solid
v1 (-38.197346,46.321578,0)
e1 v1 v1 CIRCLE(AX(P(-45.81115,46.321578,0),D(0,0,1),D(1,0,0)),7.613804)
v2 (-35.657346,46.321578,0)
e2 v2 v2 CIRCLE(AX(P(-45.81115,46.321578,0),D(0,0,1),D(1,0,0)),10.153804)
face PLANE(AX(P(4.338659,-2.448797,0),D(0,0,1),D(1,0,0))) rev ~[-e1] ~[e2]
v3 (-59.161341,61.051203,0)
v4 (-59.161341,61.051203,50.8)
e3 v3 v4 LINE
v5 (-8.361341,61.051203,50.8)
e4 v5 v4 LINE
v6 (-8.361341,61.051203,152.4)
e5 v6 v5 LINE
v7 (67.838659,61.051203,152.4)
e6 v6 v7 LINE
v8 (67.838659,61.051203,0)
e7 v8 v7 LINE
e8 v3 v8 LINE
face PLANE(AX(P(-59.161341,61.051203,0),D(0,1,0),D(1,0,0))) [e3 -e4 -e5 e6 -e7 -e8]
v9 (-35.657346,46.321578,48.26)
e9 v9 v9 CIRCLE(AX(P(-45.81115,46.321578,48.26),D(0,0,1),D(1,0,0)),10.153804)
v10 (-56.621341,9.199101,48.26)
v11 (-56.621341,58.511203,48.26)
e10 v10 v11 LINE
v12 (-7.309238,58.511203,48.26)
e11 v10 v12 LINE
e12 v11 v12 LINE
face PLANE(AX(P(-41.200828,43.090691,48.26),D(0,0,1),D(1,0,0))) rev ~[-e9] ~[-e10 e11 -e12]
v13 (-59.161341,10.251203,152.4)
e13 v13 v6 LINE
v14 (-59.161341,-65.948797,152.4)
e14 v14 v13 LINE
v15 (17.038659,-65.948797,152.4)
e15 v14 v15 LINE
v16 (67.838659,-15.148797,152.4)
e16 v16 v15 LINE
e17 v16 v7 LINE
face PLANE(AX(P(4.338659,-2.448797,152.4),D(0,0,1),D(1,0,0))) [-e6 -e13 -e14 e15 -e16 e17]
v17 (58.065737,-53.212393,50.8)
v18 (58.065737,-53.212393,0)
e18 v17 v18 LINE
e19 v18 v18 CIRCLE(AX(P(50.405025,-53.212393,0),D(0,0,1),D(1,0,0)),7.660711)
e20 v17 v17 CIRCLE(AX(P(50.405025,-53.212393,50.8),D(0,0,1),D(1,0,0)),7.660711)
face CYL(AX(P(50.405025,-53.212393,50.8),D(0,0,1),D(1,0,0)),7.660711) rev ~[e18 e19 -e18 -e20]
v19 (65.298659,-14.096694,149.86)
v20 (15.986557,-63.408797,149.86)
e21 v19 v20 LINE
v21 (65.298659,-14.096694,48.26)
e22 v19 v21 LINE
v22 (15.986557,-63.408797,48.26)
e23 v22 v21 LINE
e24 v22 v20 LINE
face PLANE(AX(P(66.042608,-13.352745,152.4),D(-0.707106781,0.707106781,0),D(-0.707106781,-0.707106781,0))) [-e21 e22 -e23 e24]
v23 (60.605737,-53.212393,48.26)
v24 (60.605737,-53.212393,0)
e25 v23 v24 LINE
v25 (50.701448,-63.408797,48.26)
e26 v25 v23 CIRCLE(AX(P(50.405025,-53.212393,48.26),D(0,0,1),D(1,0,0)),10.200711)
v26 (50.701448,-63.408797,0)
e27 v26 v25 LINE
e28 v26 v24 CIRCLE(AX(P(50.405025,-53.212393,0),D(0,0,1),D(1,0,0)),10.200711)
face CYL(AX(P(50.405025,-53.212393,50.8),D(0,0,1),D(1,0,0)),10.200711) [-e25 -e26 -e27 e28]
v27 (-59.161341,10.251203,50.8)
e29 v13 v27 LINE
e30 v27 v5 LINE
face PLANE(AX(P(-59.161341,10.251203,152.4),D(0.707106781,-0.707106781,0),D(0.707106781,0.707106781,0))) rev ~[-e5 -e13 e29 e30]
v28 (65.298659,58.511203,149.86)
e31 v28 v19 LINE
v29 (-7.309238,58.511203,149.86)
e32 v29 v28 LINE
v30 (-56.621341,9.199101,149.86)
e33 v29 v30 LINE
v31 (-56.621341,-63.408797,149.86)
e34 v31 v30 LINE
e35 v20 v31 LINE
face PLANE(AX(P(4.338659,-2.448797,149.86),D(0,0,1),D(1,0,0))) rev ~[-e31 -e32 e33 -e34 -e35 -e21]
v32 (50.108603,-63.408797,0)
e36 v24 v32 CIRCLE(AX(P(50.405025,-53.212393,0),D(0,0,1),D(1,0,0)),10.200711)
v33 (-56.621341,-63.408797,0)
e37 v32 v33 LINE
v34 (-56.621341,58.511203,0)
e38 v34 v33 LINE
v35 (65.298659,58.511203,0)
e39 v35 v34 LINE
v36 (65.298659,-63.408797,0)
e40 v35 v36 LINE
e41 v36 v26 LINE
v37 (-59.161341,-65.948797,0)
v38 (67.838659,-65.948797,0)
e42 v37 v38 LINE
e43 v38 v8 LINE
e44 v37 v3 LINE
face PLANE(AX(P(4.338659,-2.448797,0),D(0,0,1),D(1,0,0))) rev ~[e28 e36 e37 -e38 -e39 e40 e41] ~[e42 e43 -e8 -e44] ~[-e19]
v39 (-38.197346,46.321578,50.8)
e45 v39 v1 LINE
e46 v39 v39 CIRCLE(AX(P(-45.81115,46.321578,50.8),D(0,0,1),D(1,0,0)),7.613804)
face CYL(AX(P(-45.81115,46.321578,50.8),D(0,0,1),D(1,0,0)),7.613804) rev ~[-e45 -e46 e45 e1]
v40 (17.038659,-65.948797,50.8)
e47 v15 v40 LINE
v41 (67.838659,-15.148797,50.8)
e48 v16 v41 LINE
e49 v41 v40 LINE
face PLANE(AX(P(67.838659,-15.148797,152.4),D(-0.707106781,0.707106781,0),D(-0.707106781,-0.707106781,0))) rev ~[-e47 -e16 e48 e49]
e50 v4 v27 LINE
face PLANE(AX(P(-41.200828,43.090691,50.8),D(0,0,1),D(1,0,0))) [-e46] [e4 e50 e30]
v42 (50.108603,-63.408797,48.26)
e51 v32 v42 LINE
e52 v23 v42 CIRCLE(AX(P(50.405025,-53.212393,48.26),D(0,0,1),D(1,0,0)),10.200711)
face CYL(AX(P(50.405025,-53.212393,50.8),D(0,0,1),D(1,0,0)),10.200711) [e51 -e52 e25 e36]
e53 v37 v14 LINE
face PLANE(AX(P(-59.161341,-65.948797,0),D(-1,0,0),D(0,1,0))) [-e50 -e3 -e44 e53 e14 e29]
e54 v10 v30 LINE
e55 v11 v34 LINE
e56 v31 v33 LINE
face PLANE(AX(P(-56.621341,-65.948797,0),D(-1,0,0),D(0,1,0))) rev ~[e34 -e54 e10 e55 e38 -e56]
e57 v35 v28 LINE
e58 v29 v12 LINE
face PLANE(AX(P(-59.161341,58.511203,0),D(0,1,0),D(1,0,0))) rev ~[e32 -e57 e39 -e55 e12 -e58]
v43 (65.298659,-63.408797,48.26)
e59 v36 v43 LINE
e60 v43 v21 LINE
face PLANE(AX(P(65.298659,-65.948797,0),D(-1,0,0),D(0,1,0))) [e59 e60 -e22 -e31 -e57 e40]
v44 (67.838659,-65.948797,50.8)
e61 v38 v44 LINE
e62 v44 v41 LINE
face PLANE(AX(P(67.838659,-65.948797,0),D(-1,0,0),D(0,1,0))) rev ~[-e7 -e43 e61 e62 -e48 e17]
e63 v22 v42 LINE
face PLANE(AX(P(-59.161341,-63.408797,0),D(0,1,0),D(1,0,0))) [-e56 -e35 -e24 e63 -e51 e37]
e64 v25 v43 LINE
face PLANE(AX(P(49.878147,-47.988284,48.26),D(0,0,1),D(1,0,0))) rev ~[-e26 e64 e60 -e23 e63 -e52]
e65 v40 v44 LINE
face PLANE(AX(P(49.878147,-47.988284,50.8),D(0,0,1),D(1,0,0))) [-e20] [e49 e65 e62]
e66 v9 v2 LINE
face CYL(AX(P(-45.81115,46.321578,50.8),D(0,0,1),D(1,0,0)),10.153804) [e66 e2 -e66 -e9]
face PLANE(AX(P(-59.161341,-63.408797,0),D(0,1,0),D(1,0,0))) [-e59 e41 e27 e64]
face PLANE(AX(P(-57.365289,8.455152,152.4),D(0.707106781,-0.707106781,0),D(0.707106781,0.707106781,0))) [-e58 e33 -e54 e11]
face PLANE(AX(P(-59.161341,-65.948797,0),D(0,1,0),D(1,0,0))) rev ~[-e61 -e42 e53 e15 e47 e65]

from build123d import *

# Parameters (mm, degrees)
F0_W     = 127
F0_H     = 127
F1_DEPTH = 152.4
F3_DEPTH = 101.6
F4_R     = 7.6138039838
F4_R_2   = 7.6607113174
F5_DEPTH = 203.2
F6_T     = -2.54


with BuildPart() as f1:
    # F0 (on Top) → F1 (new body)
    with BuildSketch(Plane.XY):
        with Locations((4.3386593461, -2.4487966104)):
            Rectangle(F0_W, F0_H)
    extrude(amount=F1_DEPTH)

    # F2 (on face) → F3 (cut)
    with BuildSketch(Plane.XY.offset(152.4)):
        Polygon((-8.3613406539, 61.0512033896), (-59.1613406539, 61.0512033896), (-59.1613406539, 10.2512033896), align=None)
        Polygon((67.8386593461, -15.1487966104), (17.0386593461, -65.9487966104), (67.8386593461, -65.9487966104), align=None)
    extrude(amount=-F3_DEPTH, mode=Mode.SUBTRACT)

    # F4 (on face) → F5 (cut)
    with BuildSketch(Plane.XY.offset(50.8)):
        with Locations((-45.811150223, 46.3215783238)):
            Circle(F4_R)
        with Locations((50.4050254822, -53.2123930752)):
            Circle(F4_R_2)
    extrude(amount=-F5_DEPTH, mode=Mode.SUBTRACT)

    # F6
    f6_openings = [f1.faces().sort_by_distance(p)[0] for p in [
        (4.379261, -2.418518, 0),
    ]]
    offset(amount=F6_T, openings=f6_openings, kind=Kind.INTERSECTION)


solid = f1.part
